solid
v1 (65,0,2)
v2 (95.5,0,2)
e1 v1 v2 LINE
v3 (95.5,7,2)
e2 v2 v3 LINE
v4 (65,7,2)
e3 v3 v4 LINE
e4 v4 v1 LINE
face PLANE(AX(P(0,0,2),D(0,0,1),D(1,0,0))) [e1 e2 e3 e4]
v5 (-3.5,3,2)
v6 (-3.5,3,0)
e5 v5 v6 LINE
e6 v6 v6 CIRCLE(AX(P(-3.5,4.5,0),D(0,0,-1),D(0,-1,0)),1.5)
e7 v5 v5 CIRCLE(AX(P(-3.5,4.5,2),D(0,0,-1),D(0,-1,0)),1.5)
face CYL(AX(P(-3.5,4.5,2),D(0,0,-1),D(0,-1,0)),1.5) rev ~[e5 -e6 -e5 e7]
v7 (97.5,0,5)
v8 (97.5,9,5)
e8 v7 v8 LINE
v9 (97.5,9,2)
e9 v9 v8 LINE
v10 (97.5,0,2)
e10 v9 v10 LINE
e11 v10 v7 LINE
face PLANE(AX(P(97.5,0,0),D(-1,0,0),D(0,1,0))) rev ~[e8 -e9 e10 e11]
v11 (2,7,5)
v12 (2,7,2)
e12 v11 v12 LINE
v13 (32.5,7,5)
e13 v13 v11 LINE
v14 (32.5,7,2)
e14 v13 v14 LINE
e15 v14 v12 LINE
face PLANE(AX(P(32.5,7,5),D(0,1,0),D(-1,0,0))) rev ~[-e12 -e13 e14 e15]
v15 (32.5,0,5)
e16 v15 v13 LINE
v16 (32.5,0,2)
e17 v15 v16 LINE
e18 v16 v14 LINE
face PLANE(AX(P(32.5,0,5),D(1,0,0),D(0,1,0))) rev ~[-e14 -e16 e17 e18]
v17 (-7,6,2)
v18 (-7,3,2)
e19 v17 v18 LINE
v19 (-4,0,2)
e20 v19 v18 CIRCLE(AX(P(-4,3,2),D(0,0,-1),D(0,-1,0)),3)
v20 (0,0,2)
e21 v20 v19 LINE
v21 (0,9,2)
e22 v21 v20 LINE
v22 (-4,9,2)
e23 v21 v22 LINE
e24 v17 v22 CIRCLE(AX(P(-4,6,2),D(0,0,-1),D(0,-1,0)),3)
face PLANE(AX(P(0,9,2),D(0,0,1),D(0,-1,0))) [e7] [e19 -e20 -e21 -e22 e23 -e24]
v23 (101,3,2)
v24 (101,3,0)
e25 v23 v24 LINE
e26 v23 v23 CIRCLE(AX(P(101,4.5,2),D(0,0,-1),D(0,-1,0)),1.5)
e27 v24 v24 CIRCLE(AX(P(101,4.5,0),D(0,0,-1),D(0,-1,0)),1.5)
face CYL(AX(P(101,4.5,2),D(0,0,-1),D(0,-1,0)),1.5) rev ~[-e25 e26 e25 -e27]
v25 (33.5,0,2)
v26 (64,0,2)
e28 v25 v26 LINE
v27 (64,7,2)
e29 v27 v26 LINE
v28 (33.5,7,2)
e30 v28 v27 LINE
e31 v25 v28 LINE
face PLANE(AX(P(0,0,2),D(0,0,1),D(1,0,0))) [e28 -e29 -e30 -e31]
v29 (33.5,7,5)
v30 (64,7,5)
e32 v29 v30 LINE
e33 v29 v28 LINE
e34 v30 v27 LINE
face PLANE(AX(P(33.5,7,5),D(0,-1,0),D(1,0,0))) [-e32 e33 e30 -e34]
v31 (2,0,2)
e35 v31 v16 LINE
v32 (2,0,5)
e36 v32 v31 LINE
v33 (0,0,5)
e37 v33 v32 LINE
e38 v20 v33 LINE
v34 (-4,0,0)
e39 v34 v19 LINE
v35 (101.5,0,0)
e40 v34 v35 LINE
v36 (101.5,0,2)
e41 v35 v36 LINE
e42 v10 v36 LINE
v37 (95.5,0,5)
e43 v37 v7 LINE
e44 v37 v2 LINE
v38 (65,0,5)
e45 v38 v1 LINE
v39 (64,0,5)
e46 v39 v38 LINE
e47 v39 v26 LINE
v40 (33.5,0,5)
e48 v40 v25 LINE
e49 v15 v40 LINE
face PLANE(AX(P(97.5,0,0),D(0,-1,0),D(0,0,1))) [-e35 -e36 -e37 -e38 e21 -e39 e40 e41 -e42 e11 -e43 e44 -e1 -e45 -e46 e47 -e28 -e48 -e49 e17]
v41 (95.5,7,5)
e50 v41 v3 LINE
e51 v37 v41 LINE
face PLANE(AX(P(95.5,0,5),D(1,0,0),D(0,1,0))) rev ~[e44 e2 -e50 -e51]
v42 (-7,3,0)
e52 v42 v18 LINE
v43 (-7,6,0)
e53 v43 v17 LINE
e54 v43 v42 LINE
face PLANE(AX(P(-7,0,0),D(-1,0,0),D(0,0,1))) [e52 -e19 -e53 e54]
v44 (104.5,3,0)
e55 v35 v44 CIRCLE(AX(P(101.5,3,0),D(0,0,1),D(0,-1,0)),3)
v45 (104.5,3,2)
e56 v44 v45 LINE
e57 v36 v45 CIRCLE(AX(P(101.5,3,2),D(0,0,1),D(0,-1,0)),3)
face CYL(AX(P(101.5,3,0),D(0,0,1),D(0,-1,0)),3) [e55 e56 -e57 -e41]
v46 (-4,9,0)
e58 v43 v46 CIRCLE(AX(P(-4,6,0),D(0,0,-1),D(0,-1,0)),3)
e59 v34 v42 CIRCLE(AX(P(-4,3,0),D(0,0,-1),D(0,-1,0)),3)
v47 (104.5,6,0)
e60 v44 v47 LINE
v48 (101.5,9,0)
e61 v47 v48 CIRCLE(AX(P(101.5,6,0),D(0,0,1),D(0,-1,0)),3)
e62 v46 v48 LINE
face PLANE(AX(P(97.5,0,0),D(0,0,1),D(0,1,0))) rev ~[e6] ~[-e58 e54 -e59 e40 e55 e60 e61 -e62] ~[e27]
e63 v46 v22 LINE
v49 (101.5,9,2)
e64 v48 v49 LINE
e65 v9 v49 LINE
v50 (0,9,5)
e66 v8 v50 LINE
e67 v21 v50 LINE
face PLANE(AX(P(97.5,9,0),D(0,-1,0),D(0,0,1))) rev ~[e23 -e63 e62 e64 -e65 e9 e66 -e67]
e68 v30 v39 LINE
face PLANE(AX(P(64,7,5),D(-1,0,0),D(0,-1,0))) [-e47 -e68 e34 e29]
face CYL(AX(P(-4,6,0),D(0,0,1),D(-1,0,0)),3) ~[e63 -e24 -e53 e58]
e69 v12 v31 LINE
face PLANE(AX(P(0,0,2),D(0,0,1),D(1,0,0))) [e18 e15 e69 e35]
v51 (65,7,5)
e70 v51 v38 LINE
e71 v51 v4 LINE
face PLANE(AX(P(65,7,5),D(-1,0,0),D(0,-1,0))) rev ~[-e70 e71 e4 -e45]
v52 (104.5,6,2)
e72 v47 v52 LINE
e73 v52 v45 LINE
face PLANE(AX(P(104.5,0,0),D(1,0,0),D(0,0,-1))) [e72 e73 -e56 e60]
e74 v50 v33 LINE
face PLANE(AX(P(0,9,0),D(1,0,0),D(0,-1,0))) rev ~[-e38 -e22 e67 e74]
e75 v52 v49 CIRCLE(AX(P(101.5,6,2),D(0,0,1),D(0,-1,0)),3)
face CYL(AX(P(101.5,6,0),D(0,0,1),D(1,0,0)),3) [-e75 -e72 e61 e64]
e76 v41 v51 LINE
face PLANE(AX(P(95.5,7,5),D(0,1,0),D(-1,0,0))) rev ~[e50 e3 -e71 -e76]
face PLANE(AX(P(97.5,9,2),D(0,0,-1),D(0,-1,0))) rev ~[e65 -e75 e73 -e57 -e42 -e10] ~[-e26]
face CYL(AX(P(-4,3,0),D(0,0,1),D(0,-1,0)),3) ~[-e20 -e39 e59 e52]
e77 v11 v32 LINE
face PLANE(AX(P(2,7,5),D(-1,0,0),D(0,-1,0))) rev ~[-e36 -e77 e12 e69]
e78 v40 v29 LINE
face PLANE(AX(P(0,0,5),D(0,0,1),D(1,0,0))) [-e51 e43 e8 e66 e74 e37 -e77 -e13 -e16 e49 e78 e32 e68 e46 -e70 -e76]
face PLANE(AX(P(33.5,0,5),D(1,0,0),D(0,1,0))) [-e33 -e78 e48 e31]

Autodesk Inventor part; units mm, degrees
ref_plane "YZ Plane" through (0, 0, 0) normal (1, 0, 0) x (0, 1, 0)
ref_plane "XZ Plane" through (0, 0, 0) normal (0, 1, 0) x (-1, 0, 0)
ref_plane "XY Plane" through (0, 0, 0) normal (0, 0, 1) x (1, 0, 0)
sketch "Sketch1" plane through (0, 0, 0) normal (0, 0, 1) x (1, 0, 0)
  line L0 (0, 0) -> (97.5, 0)
  line L1 (97.5, 0) -> (97.5, 9)
  line L2 (97.5, 9) -> (0, 9)
  line L3 (0, 9) -> (0, 0)
  dimension "d2" = 97.5
  dimension "d3" = 9
extrude "Extrusion1" add sketch "Sketch1" along normal blind 5
sketch "Sketch2" plane through (0, 0, 5) normal (0, 0, 1) x (1, 0, 0)
  line L0 (0, 0) -> (97.5, 0) projected
  line L1 (97.5, 0) -> (97.5, 9) projected
  line L2 (0, 9) -> (0, 0) projected
  line L3 (2, 0) -> (32.5, 0)
  line L4 (32.5, 0) -> (32.5, 7)
  line L5 (32.5, 7) -> (2, 7)
  line L6 (2, 7) -> (2, 0)
  line L7 (33.5, 7) -> (64, 7)
  line L8 (64, 7) -> (64, 0)
  line L9 (64, 0) -> (33.5, 0)
  line L10 (33.5, 0) -> (33.5, 7)
  line L11 (65, 0) -> (95.5, 0)
  line L12 (95.5, 0) -> (95.5, 7)
  line L13 (95.5, 7) -> (65, 7)
  line L14 (65, 7) -> (65, 0)
  dimension "d4" = 7
  dimension "d5" = 30.5
  dimension "d6" = 2
  dimension "d7" = 2
  dimension "d8" = 30.5
  dimension "d9" = 30.5
  dimension "d10" = 1
extrude "Extrusion2" cut sketch "Sketch2" against normal blind 3
sketch "Sketch3" plane through (0, 0, 0) normal (-1, 0, 0) x (0, 0, 1)
  line L0 (0, 9) -> (0, 0) projected
  line L1 (0, 0) -> (5, 0) projected
  line L2 (0, 9) -> (2, 9)
  line L3 (2, 9) -> (2, 0)
  line L4 (2, 0) -> (0, 0)
  line L5 (0, 0) -> (0, 9)
  dimension "d13" = 2
extrude "Extrusion3" add sketch "Sketch3" along normal blind 7
sketch "Sketch5" plane through (97.5, 0, 0) normal (1, 0, 0) x (0, 0, -1)
  line L0 (0, 0) -> (-5, 0) projected
  line L1 (0, 9) -> (-2, 9)
  line L2 (-2, 9) -> (-2, 0)
  line L3 (-2, 0) -> (0, 0)
  line L4 (0, 0) -> (0, 9)
  dimension "d22" = 2
extrude "Extrusion5" add sketch "Sketch5" along normal blind 7
sketch "Sketch7" plane through (0, 0, 2) normal (0, 0, 1) x (1, 0, 0)
  line L0 (-7, 0) -> (-7, 9) projected
  line L1 (97.5, 0) -> (97.5, 9) projected
  line L2 (97.5, 0) -> (104.5, 0) projected
  line L3 (104.5, 9) -> (104.5, 0) projected
  line L4 (97.5, 9) -> (104.5, 9) projected
  point P0 (-3.5, 4.5)
  point P1 (101, 4.5)
  dimension "d31" = 3.5
  dimension "d32" = 4.5
  dimension "d33" = 3.5
hole "Hole1" at (-3.5, 4.5, 2) at (101, 4.5, 2) direction (0, 0, -1) diameter 3 end through all
fillet "Fillet1" radius 3 4 edges at (104.5, 0, 1) (104.5, 9, 1) (-7, 0, 1) (-7, 9, 1)
properties part number "base_corner" material "ABS Plastic"
